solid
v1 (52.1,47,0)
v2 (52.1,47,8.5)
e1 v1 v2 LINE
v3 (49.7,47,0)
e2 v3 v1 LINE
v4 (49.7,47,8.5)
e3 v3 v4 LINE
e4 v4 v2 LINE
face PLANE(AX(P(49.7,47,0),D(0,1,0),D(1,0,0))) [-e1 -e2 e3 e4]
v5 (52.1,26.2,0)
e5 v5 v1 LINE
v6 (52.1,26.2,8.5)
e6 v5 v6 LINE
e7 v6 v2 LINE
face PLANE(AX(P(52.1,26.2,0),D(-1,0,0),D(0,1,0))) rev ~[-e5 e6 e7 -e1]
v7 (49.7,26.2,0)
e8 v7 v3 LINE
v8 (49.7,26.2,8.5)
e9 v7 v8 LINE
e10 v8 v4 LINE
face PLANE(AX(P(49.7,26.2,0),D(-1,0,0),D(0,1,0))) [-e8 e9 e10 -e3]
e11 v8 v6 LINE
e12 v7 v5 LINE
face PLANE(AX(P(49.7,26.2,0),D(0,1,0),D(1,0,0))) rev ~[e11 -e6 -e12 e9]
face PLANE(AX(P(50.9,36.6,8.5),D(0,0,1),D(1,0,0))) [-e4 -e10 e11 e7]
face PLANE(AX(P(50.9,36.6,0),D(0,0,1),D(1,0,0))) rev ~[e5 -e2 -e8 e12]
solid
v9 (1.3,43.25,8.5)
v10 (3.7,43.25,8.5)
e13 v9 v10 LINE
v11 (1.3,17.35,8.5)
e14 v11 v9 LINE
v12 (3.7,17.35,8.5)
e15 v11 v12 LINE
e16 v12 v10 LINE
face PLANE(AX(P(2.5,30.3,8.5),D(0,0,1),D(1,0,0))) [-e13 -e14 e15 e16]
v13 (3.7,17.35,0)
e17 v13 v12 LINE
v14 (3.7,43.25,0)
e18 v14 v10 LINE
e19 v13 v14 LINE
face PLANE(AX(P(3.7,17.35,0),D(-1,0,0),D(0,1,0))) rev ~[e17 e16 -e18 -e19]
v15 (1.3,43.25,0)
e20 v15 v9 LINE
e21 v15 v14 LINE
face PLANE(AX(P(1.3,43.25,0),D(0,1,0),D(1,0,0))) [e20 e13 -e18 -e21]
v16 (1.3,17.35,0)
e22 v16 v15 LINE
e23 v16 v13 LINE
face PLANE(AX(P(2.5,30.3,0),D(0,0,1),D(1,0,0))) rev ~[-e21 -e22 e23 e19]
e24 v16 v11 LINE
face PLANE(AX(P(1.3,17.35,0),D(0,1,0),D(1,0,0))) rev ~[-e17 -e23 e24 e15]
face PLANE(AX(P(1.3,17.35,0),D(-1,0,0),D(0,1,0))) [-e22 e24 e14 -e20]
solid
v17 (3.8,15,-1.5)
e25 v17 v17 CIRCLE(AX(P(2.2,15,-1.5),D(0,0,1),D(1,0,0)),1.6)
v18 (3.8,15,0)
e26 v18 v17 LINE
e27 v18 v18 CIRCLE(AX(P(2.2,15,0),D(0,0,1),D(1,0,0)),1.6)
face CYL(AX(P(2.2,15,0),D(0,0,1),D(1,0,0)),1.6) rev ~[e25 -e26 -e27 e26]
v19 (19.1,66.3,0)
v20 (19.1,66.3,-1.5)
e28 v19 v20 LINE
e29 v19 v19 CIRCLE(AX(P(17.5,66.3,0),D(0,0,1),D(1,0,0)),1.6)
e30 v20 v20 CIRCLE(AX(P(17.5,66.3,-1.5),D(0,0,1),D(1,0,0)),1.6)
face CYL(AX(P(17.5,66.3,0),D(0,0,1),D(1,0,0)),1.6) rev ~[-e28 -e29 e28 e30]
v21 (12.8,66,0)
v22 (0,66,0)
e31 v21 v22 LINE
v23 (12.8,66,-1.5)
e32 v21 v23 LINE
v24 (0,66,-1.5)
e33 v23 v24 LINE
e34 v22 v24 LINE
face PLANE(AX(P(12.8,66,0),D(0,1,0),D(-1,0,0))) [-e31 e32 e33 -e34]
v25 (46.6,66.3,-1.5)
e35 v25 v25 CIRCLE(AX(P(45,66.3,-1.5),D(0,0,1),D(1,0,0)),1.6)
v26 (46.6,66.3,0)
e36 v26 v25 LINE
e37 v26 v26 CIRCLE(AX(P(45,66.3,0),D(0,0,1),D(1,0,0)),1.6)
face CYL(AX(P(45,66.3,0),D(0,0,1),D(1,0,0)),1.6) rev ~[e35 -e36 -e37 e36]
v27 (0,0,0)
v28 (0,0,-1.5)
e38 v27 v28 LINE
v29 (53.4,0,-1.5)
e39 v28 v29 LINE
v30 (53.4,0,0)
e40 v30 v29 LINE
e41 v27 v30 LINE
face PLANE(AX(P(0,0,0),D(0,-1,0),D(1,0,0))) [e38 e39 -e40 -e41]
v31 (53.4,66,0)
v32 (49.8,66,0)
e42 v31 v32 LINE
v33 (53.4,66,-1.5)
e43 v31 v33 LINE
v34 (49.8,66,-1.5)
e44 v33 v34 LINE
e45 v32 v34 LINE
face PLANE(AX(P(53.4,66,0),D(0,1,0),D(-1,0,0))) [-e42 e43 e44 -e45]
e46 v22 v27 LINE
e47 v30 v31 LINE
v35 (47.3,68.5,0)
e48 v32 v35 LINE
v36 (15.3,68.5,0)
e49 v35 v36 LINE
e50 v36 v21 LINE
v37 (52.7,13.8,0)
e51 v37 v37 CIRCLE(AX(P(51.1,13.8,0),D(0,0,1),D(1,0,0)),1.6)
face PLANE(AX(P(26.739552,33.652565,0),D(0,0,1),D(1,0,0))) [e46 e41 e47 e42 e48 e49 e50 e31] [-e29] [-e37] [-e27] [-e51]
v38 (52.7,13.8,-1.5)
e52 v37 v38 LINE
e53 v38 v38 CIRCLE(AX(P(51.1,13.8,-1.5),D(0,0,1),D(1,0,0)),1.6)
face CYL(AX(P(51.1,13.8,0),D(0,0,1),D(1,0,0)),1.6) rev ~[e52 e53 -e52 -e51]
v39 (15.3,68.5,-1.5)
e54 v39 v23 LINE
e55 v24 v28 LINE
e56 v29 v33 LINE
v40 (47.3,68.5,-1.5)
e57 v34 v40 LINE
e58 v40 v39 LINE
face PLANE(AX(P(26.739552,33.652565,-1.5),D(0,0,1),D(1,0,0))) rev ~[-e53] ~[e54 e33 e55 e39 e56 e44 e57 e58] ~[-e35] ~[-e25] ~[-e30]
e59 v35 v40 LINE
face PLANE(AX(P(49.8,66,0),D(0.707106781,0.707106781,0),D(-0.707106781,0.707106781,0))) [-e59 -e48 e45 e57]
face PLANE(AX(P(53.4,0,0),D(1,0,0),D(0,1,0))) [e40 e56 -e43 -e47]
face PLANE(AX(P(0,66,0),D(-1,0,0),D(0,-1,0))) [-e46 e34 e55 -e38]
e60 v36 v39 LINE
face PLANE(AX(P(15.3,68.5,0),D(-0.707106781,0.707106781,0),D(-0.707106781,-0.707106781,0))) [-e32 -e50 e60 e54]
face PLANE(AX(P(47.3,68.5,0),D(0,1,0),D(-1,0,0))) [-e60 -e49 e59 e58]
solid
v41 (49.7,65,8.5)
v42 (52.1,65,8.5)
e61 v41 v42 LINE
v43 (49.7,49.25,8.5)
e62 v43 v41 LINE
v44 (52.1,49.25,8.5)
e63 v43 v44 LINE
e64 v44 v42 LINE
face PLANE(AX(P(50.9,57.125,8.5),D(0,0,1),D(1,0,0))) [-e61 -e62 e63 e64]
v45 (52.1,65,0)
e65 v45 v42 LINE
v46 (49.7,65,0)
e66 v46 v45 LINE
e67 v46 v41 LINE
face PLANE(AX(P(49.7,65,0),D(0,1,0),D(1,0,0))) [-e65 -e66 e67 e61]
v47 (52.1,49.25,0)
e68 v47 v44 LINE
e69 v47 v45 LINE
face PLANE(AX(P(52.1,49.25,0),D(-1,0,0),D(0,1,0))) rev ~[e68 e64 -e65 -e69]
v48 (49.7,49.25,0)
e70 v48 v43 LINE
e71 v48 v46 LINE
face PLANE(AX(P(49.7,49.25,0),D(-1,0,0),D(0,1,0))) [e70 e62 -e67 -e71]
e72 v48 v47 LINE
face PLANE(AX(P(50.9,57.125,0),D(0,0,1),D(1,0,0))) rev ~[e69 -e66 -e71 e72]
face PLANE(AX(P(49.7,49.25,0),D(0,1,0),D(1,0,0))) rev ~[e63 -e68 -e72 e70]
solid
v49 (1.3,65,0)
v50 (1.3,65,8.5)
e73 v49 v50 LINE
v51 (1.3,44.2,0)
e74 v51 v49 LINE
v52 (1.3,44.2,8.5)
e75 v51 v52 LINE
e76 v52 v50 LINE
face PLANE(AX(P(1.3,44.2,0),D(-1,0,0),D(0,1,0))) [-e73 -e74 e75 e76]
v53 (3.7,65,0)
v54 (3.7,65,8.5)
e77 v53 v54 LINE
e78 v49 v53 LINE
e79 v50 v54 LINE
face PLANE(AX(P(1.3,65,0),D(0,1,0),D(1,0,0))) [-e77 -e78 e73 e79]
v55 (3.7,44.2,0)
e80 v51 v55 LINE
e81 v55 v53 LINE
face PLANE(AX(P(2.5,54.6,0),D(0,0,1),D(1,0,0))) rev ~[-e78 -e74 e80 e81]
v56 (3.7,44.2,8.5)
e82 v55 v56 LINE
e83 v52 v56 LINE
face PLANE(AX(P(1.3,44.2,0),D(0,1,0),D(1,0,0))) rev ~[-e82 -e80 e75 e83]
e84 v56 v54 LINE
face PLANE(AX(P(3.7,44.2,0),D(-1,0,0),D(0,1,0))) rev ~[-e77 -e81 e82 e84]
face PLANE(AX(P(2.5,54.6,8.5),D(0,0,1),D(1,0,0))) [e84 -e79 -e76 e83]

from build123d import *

# Parameters (mm, degrees)
PAD_DEPTH    = 1.5
SKETCH001_R  = 1.6
POCKET_DEPTH = 1.501
SKETCH002_W  = 2.4
SKETCH002_H  = 25.9
PAD001_DEPTH = 8.5
SKETCH003_W  = 2.4
SKETCH003_H  = 20.8
PAD002_DEPTH = 8.5
SKETCH004_W  = 2.4
SKETCH004_H  = 20.8
PAD003_DEPTH = 8.5
SKETCH005_W  = 2.4
SKETCH005_H  = 15.75
PAD004_DEPTH = 8.5


with BuildPart() as mainboard:
    # Sketch → Pad (new body)
    with BuildSketch(Plane.XY):
        Polygon((0, 0), (53.4, 0), (53.4, 66), (49.8, 66), (47.3, 68.5), (15.3, 68.5), (12.8, 66), (0, 66), align=None)
    extrude(amount=-PAD_DEPTH)

    # Sketch001 → Pocket (cut, through all)
    with BuildSketch(Plane.XY):
        with Locations((2.2, 15)):
            Circle(SKETCH001_R)
        with Locations((51.1, 13.8)):
            Circle(SKETCH001_R)
        with Locations((17.5, 66.3)):
            Circle(SKETCH001_R)
        with Locations((45, 66.3)):
            Circle(SKETCH001_R)
    extrude(amount=-POCKET_DEPTH, mode=Mode.SUBTRACT)


with BuildPart() as header1_10pin:
    # Sketch002 → Pad001 (new body)
    with BuildSketch(Plane.XY):
        with Locations((2.5, 30.3)):
            Rectangle(SKETCH002_W, SKETCH002_H)
    extrude(amount=PAD001_DEPTH)


with BuildPart() as header2_8pin:
    # Sketch003 → Pad002 (new body)
    with BuildSketch(Plane.XY):
        with Locations((2.5, 54.6)):
            Rectangle(SKETCH003_W, SKETCH003_H)
    extrude(amount=PAD002_DEPTH)


with BuildPart() as header3_8pin:
    # Sketch004 → Pad003 (new body)
    with BuildSketch(Plane.XY):
        with Locations((50.9, 36.6)):
            Rectangle(SKETCH004_W, SKETCH004_H)
    extrude(amount=PAD003_DEPTH)


with BuildPart() as header4_6pin:
    # Sketch005 → Pad004 (new body)
    with BuildSketch(Plane.XY):
        with Locations((50.9, 57.125)):
            Rectangle(SKETCH005_W, SKETCH005_H)
    extrude(amount=PAD004_DEPTH)


solid = Compound([mainboard.part, header1_10pin.part, header2_8pin.part, header3_8pin.part, header4_6pin.part])
